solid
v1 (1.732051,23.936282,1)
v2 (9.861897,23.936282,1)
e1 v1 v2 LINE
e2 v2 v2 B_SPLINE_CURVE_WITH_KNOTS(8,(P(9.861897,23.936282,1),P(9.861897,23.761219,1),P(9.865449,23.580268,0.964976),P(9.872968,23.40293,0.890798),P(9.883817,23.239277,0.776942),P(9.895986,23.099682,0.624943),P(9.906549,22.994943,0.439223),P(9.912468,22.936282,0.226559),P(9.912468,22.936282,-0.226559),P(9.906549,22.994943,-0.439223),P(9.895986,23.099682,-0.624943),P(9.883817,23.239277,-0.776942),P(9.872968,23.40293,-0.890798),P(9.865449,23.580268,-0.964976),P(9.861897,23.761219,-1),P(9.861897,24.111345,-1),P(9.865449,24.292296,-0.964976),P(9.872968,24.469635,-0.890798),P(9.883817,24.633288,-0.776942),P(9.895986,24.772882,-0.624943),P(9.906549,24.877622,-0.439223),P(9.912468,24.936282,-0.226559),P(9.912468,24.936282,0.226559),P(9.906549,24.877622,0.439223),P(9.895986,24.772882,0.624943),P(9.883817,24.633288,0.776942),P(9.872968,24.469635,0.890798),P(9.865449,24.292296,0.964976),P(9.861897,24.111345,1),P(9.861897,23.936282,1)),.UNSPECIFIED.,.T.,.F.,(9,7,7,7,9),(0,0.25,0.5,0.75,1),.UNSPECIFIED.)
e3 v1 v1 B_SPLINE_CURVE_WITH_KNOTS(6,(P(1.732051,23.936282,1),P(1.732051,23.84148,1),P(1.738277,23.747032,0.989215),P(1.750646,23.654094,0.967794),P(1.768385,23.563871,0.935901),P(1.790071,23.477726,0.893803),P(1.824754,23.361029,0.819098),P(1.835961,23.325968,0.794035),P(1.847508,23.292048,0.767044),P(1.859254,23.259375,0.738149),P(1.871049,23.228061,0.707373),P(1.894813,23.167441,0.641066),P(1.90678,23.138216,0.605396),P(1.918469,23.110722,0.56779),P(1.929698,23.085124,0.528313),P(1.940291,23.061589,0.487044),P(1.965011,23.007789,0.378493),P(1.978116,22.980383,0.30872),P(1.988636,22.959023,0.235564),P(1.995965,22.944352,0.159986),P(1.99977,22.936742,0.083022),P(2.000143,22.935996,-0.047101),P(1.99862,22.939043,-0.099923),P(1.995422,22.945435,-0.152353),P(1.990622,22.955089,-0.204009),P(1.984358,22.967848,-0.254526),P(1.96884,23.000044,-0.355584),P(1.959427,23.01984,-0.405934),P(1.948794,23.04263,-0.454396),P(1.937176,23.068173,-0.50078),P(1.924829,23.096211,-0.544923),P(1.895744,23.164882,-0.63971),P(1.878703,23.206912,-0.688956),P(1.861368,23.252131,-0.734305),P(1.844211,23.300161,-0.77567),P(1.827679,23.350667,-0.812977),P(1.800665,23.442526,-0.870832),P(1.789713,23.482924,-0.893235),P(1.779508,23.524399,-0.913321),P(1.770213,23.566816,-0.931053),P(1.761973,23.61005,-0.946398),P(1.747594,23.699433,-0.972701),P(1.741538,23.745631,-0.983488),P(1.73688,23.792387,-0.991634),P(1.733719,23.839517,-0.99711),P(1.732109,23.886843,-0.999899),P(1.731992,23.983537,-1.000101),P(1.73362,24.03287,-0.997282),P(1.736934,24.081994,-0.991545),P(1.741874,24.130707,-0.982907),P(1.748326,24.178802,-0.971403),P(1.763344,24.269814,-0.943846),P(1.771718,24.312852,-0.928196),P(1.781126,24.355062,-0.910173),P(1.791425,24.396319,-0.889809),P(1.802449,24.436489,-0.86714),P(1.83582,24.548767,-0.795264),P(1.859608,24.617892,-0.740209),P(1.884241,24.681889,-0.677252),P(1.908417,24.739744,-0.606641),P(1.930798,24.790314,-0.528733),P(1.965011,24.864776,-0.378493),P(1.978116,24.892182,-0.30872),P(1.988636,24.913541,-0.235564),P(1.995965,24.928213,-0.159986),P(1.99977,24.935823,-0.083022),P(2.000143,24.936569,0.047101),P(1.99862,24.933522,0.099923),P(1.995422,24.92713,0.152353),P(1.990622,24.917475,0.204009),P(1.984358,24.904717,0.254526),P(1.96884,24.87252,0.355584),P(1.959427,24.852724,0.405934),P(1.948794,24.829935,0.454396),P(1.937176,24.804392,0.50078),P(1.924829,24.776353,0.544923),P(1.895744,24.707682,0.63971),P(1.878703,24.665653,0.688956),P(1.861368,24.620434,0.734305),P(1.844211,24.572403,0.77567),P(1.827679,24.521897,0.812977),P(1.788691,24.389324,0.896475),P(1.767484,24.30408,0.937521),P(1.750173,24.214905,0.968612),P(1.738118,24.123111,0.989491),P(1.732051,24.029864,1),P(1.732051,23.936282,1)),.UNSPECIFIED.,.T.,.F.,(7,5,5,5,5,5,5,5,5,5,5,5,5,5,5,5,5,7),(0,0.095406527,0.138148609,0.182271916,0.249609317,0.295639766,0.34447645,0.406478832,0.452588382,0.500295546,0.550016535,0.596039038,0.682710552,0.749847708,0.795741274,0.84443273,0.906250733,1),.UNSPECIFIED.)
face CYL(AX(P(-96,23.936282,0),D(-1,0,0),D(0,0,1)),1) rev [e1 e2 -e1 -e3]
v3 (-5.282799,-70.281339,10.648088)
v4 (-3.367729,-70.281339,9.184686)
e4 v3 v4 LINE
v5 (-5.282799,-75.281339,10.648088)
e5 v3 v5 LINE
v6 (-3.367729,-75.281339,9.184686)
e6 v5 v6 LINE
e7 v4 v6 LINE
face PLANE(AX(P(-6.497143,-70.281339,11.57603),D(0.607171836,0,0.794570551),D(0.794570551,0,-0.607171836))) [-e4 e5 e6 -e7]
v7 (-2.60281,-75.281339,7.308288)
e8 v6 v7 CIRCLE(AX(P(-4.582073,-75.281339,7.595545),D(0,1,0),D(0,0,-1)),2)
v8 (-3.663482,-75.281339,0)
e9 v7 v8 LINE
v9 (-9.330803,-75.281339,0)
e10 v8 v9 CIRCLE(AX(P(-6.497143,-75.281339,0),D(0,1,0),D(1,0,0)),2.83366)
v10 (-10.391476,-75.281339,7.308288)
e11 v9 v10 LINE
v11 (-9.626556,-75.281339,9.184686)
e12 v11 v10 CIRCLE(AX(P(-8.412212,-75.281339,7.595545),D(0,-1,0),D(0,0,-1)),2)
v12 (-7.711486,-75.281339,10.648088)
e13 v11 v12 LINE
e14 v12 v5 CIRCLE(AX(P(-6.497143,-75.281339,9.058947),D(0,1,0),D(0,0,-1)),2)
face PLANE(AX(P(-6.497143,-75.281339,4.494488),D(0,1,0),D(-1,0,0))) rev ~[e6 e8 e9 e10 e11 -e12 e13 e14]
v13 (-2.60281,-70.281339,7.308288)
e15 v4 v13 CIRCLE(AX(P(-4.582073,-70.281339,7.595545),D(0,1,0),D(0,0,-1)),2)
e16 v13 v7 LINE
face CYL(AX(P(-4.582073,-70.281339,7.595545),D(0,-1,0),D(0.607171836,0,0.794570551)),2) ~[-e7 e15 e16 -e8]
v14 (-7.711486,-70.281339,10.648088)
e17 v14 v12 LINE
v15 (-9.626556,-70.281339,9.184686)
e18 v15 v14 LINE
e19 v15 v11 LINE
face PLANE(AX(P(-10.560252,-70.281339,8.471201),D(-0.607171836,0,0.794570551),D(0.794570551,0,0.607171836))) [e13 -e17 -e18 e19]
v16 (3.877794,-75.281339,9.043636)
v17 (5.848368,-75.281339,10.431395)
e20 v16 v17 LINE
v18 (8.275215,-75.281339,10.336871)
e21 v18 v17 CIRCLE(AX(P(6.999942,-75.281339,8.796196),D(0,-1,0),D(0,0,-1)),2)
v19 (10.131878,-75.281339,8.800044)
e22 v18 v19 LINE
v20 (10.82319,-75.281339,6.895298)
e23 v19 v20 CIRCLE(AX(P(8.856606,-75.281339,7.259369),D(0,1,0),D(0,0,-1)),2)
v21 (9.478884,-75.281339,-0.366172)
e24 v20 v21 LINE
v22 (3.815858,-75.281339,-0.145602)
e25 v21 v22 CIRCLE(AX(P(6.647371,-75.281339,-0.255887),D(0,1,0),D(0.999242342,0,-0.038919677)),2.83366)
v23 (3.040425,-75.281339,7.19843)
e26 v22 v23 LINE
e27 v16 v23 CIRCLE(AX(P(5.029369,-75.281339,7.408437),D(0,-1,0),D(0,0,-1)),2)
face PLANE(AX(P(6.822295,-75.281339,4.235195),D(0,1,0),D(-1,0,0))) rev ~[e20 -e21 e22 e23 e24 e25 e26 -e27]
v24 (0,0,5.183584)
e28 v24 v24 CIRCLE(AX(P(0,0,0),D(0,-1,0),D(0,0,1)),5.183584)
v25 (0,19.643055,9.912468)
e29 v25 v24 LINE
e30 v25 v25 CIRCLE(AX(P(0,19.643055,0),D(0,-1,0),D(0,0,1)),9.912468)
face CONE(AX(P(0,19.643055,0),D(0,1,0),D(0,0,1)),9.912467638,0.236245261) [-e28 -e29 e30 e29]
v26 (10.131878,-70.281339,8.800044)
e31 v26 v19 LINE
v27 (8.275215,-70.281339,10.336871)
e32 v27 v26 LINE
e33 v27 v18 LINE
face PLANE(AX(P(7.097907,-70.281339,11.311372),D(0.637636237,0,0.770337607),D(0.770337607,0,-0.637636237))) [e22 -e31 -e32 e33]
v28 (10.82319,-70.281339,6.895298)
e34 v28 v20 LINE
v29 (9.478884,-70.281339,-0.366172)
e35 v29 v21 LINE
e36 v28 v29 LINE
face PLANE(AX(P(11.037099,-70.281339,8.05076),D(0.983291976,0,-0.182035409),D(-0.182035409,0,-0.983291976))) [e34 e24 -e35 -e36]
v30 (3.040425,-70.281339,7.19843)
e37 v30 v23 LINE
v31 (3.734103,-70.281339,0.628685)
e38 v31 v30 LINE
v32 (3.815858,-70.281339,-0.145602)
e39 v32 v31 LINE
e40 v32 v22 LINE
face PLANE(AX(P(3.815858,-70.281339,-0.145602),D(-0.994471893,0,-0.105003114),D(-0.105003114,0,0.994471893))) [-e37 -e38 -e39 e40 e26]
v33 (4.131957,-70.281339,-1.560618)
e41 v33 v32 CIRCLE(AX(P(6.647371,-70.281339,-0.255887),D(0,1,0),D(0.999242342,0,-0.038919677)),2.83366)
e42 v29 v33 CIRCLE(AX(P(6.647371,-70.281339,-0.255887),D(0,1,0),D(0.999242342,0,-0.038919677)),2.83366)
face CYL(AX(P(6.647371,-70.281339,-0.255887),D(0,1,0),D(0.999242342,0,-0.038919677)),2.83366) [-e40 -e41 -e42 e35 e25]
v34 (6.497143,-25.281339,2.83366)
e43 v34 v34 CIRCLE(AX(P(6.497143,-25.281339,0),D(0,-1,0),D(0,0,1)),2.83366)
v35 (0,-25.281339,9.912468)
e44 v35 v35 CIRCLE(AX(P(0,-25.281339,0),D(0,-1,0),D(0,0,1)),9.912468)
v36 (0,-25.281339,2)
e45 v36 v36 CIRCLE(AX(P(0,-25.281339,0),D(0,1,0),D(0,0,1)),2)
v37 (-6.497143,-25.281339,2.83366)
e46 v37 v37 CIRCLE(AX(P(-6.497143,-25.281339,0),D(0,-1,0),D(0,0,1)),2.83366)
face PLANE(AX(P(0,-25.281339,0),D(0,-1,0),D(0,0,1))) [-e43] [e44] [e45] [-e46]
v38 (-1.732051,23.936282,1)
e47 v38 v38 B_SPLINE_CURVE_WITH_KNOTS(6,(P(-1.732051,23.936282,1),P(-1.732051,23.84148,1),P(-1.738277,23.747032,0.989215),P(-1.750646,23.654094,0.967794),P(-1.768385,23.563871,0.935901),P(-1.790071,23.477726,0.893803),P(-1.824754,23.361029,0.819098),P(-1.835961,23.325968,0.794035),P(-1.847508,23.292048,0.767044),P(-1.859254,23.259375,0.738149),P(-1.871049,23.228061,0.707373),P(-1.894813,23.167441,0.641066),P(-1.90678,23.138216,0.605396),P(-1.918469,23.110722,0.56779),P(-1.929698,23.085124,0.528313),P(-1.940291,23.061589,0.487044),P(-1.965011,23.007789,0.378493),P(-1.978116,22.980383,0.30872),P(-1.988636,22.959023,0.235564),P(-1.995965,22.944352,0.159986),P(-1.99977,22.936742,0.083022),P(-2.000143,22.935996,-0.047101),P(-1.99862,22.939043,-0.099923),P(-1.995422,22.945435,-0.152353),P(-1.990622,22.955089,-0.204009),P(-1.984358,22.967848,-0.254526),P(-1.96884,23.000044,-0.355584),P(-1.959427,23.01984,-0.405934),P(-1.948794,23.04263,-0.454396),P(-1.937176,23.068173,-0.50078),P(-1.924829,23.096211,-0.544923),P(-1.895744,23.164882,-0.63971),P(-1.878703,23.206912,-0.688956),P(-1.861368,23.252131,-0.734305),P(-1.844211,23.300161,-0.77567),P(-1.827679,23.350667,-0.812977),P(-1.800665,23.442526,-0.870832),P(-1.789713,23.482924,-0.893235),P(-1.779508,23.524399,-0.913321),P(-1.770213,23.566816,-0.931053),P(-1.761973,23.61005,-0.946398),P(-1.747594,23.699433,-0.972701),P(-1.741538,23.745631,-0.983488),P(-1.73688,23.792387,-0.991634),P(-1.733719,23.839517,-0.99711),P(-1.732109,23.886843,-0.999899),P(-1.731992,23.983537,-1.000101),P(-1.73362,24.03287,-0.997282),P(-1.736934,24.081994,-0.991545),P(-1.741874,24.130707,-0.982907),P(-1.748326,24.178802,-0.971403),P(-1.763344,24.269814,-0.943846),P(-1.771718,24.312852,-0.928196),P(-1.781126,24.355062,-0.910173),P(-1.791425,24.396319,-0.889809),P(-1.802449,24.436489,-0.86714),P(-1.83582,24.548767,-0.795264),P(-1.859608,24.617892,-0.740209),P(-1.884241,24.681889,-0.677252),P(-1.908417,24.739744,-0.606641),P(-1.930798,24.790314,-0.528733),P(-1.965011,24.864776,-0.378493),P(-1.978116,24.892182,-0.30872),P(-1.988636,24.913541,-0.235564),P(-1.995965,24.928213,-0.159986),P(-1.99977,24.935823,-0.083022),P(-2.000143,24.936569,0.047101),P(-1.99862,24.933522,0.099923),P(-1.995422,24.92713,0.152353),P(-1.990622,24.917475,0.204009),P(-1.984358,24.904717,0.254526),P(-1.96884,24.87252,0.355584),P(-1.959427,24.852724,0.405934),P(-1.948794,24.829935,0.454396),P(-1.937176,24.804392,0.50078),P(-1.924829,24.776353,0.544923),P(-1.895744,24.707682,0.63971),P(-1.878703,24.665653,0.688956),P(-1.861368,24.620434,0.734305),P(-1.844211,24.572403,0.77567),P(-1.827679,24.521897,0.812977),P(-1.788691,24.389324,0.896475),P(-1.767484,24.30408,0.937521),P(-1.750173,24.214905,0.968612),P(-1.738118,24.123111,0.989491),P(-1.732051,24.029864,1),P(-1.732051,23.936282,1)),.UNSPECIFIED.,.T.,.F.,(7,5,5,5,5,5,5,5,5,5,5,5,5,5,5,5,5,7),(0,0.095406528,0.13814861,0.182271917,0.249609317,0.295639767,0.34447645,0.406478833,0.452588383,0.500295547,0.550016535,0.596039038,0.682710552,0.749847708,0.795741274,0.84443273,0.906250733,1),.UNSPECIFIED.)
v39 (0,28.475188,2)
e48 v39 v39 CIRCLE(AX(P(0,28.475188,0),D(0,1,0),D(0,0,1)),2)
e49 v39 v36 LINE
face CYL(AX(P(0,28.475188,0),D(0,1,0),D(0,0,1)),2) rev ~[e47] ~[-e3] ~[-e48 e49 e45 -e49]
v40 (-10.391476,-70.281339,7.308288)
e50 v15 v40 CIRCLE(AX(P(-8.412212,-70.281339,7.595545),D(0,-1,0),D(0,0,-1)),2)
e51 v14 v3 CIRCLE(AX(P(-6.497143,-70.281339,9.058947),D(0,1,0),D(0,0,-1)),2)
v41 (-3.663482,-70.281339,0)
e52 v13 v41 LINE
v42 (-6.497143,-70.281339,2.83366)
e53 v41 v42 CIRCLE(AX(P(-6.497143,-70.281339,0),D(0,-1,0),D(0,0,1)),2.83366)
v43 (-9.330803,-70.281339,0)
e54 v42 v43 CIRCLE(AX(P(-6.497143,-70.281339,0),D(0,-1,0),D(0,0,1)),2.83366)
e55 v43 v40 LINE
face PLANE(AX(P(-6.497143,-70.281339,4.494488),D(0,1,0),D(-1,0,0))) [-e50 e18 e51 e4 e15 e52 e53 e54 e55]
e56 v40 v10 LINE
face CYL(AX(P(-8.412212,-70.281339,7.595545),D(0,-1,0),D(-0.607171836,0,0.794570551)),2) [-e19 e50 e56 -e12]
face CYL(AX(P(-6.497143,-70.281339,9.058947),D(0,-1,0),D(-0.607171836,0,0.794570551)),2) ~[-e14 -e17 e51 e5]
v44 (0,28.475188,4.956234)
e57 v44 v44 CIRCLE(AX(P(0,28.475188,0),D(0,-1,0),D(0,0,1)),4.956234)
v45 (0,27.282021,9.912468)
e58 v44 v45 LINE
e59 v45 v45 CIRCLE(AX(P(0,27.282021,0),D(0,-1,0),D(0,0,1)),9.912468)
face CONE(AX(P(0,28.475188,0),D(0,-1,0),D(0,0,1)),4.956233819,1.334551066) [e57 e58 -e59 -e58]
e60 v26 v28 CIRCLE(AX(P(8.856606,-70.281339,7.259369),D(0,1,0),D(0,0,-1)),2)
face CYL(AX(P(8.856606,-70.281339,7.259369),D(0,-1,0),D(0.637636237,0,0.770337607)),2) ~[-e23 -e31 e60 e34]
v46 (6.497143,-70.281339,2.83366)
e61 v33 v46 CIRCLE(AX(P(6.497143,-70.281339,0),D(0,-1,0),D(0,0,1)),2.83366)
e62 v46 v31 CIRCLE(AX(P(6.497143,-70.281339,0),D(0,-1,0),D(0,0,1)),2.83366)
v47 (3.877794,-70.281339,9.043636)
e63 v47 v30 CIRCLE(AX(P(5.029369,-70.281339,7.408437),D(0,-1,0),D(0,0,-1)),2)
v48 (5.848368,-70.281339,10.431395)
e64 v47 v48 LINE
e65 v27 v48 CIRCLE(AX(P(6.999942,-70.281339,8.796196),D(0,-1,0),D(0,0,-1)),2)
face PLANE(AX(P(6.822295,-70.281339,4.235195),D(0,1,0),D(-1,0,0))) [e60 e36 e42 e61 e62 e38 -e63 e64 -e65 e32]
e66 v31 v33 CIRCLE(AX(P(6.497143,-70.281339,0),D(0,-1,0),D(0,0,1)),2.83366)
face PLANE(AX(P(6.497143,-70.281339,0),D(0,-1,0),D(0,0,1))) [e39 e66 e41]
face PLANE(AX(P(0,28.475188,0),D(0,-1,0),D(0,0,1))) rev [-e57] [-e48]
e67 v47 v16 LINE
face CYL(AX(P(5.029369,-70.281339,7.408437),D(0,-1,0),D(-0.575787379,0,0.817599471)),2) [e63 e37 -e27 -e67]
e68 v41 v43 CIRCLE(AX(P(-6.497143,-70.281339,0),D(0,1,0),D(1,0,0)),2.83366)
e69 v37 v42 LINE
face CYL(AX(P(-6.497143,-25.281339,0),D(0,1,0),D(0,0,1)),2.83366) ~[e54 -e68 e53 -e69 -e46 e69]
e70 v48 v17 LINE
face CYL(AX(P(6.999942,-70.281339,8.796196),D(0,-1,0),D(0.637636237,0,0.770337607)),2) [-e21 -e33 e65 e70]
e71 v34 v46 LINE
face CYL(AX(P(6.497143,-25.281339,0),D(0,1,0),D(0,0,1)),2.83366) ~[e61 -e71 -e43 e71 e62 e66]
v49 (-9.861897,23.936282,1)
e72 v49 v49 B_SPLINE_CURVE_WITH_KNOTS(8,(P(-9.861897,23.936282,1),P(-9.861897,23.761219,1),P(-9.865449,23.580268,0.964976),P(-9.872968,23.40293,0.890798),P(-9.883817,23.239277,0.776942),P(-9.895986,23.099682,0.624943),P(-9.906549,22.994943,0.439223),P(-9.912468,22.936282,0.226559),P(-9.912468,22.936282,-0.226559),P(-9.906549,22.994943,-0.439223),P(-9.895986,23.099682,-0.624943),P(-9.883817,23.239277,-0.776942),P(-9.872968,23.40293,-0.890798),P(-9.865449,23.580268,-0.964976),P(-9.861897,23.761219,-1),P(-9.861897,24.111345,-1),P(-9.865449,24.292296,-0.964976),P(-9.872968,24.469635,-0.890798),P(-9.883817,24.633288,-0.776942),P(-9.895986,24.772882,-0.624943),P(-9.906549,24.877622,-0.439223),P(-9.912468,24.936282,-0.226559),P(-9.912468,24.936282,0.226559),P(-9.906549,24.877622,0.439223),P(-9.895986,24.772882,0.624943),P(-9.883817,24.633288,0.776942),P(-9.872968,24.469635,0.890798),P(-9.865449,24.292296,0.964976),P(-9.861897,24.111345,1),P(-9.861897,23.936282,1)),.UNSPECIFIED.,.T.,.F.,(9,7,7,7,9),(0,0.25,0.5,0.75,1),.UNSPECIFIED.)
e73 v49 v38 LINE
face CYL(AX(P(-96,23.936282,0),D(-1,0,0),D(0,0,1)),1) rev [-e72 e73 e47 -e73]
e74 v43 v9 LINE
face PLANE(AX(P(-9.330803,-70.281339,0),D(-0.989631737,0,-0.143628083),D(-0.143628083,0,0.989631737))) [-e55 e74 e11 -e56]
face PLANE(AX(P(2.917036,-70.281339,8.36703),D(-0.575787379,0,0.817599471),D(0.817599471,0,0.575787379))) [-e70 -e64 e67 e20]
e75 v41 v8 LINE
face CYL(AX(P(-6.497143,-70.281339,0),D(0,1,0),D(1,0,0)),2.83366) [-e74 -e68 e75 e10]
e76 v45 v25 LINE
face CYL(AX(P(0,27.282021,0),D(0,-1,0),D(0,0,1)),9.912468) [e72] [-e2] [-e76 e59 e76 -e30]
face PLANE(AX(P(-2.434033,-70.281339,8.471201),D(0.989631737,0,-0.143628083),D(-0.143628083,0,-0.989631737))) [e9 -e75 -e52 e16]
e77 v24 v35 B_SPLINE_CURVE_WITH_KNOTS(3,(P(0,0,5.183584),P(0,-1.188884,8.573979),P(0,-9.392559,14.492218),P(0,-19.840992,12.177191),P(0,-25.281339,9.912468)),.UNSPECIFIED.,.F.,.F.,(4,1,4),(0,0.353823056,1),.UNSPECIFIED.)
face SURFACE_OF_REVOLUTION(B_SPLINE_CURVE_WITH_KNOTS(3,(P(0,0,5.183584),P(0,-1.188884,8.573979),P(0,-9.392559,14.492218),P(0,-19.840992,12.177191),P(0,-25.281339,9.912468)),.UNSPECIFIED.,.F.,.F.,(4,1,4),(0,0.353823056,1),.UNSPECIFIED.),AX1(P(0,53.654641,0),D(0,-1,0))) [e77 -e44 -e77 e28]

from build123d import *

# Parameters (mm, degrees)
SKETCH2_R               = 2.83366024
BOSS_EXTRUDE1_DEPTH     = 45
BOSS_EXTRUDE2_DEPTH     = 5
FILLET1_R               = 2
FILLET2_R               = 2
CUT_EXTRUDE2_DEPTH      = 115
CUT_EXTRUDE2_DEPTH_BACK = 96
SKETCH5_R               = 1
SKETCH8_R               = 2
CUT_EXTRUDE3_DEPTH      = 93


with BuildPart() as part:
    # Sketch1 → Revolve7 (revolve)
    with BuildSketch(Plane.XY, mode=Mode.PRIVATE) as revolve7_sk:
        Polygon((0, 0), (0, 28.475188422), (-4.956233819, 28.475188422), (-9.912467638, 27.282021021), (-9.912467638, 19.643055135), (-5.183583994, 0), align=None)
        with BuildLine():
            Line((0, -25.281339493), (0, 0))
            Line((0, 0), (-5.183583994, 0))
            add(Edge.make_bspline(
                [(-5.183583994, 0), (-8.573978987, -1.188883935), (-14.492218072, -9.39255897), (-12.177190855, -19.84099189), (-9.91246763, -25.281339493)],
                knots=[0, 0, 0, 0, 0.353823056, 1, 1, 1, 1], degree=3))
            Line((-9.91246763, -25.281339493), (-4.956233811, -25.281339493))
            Line((-4.956233811, -25.281339493), (0, -25.281339493))
        make_face()
    revolve(revolve7_sk.sketch.rotate(Axis((0, 53.654641341, 0), (0, -1, 0)), 270), axis=Axis((0, 53.654641341, 0), (0, -1, 0)))

    # Sketch2 → Boss-Extrude1 (add)
    with BuildSketch(Plane.XZ.offset(25.281339493)):
        with Locations(Location((-6.497142555, 0, 0), (0, 0, 90))):
            Circle(SKETCH2_R)
        with Locations(Location((6.497142555, 0, 0), (0, 0, 90))):
            Circle(SKETCH2_R)
    extrude(amount=BOSS_EXTRUDE1_DEPTH)

    # Sketch3 → Boss-Extrude2 (add)
    with BuildSketch(Plane.XZ.offset(70.281339493)):
        with BuildLine():
            Line((-9.330802795, 0), (-10.560252354, 8.471200618))
            Line((-10.560252354, 8.471200618), (-6.497142555, 11.576029804))
            Line((-6.497142555, 11.576029804), (-2.434032757, 8.471200618))
            Line((-2.434032757, 8.471200618), (-3.663482316, 0))
            ThreePointArc((-3.663482316, 0), (-6.497142555, -2.83366024), (-9.330802795, 0))
        make_face()
        with BuildLine():
            Line((2.917036225, 8.367030218), (7.097906526, 11.311372086))
            Line((7.097906526, 11.311372086), (11.03709893, 8.050760378))
            Line((11.03709893, 8.050760378), (9.478884483, -0.366172191))
            ThreePointArc((9.478884483, -0.366172191), (6.537086047, -3.087400346), (3.815857893, -0.14560191))
            Line((3.815857893, -0.14560191), (2.917036225, 8.367030218))
        make_face()
    extrude(amount=BOSS_EXTRUDE2_DEPTH)

    # Fillet1
    fillet1_edges = [part.edges().sort_by_distance(p)[0] for p in [
        (-6.497142555, -72.781339493, 11.576029804),
        (7.097906526, -72.781339493, 11.311372086),
    ]]
    fillet(fillet1_edges, radius=FILLET1_R)

    # Fillet2
    fillet2_edges = [part.edges().sort_by_distance(p)[0] for p in [
        (-2.434032757, -72.781339493, 8.471200618),
        (-10.560252354, -72.781339493, 8.471200618),
        (11.03709893, -72.781339493, 8.050760378),
        (2.917036225, -72.781339493, 8.367030218),
    ]]
    fillet(fillet2_edges, radius=FILLET2_R)

    # Sketch5 → Cut-Extrude2 (cut, two sides: drawn at the far end of the back side and taken through both)
    with BuildSketch(Plane(origin=(0, 0, 0), x_dir=(0, 0, -1), z_dir=(1, 0, 0)).offset(-CUT_EXTRUDE2_DEPTH_BACK)):
        with Locations(Location((0, 23.936282306, 0), (0, 0, 180))):
            Circle(SKETCH5_R)
    extrude(amount=CUT_EXTRUDE2_DEPTH + CUT_EXTRUDE2_DEPTH_BACK, mode=Mode.SUBTRACT)

    # Sketch8 → Cut-Extrude3 (cut)
    with BuildSketch(Plane(origin=(0, 28.475188422, 0), x_dir=(1, 0, 0), z_dir=(0, 1, 0))):
        with Locations(Location((0, 0, 0), (0, 0, 270))):
            Circle(SKETCH8_R)
    extrude(amount=-CUT_EXTRUDE3_DEPTH, mode=Mode.SUBTRACT)


solid = part.part
